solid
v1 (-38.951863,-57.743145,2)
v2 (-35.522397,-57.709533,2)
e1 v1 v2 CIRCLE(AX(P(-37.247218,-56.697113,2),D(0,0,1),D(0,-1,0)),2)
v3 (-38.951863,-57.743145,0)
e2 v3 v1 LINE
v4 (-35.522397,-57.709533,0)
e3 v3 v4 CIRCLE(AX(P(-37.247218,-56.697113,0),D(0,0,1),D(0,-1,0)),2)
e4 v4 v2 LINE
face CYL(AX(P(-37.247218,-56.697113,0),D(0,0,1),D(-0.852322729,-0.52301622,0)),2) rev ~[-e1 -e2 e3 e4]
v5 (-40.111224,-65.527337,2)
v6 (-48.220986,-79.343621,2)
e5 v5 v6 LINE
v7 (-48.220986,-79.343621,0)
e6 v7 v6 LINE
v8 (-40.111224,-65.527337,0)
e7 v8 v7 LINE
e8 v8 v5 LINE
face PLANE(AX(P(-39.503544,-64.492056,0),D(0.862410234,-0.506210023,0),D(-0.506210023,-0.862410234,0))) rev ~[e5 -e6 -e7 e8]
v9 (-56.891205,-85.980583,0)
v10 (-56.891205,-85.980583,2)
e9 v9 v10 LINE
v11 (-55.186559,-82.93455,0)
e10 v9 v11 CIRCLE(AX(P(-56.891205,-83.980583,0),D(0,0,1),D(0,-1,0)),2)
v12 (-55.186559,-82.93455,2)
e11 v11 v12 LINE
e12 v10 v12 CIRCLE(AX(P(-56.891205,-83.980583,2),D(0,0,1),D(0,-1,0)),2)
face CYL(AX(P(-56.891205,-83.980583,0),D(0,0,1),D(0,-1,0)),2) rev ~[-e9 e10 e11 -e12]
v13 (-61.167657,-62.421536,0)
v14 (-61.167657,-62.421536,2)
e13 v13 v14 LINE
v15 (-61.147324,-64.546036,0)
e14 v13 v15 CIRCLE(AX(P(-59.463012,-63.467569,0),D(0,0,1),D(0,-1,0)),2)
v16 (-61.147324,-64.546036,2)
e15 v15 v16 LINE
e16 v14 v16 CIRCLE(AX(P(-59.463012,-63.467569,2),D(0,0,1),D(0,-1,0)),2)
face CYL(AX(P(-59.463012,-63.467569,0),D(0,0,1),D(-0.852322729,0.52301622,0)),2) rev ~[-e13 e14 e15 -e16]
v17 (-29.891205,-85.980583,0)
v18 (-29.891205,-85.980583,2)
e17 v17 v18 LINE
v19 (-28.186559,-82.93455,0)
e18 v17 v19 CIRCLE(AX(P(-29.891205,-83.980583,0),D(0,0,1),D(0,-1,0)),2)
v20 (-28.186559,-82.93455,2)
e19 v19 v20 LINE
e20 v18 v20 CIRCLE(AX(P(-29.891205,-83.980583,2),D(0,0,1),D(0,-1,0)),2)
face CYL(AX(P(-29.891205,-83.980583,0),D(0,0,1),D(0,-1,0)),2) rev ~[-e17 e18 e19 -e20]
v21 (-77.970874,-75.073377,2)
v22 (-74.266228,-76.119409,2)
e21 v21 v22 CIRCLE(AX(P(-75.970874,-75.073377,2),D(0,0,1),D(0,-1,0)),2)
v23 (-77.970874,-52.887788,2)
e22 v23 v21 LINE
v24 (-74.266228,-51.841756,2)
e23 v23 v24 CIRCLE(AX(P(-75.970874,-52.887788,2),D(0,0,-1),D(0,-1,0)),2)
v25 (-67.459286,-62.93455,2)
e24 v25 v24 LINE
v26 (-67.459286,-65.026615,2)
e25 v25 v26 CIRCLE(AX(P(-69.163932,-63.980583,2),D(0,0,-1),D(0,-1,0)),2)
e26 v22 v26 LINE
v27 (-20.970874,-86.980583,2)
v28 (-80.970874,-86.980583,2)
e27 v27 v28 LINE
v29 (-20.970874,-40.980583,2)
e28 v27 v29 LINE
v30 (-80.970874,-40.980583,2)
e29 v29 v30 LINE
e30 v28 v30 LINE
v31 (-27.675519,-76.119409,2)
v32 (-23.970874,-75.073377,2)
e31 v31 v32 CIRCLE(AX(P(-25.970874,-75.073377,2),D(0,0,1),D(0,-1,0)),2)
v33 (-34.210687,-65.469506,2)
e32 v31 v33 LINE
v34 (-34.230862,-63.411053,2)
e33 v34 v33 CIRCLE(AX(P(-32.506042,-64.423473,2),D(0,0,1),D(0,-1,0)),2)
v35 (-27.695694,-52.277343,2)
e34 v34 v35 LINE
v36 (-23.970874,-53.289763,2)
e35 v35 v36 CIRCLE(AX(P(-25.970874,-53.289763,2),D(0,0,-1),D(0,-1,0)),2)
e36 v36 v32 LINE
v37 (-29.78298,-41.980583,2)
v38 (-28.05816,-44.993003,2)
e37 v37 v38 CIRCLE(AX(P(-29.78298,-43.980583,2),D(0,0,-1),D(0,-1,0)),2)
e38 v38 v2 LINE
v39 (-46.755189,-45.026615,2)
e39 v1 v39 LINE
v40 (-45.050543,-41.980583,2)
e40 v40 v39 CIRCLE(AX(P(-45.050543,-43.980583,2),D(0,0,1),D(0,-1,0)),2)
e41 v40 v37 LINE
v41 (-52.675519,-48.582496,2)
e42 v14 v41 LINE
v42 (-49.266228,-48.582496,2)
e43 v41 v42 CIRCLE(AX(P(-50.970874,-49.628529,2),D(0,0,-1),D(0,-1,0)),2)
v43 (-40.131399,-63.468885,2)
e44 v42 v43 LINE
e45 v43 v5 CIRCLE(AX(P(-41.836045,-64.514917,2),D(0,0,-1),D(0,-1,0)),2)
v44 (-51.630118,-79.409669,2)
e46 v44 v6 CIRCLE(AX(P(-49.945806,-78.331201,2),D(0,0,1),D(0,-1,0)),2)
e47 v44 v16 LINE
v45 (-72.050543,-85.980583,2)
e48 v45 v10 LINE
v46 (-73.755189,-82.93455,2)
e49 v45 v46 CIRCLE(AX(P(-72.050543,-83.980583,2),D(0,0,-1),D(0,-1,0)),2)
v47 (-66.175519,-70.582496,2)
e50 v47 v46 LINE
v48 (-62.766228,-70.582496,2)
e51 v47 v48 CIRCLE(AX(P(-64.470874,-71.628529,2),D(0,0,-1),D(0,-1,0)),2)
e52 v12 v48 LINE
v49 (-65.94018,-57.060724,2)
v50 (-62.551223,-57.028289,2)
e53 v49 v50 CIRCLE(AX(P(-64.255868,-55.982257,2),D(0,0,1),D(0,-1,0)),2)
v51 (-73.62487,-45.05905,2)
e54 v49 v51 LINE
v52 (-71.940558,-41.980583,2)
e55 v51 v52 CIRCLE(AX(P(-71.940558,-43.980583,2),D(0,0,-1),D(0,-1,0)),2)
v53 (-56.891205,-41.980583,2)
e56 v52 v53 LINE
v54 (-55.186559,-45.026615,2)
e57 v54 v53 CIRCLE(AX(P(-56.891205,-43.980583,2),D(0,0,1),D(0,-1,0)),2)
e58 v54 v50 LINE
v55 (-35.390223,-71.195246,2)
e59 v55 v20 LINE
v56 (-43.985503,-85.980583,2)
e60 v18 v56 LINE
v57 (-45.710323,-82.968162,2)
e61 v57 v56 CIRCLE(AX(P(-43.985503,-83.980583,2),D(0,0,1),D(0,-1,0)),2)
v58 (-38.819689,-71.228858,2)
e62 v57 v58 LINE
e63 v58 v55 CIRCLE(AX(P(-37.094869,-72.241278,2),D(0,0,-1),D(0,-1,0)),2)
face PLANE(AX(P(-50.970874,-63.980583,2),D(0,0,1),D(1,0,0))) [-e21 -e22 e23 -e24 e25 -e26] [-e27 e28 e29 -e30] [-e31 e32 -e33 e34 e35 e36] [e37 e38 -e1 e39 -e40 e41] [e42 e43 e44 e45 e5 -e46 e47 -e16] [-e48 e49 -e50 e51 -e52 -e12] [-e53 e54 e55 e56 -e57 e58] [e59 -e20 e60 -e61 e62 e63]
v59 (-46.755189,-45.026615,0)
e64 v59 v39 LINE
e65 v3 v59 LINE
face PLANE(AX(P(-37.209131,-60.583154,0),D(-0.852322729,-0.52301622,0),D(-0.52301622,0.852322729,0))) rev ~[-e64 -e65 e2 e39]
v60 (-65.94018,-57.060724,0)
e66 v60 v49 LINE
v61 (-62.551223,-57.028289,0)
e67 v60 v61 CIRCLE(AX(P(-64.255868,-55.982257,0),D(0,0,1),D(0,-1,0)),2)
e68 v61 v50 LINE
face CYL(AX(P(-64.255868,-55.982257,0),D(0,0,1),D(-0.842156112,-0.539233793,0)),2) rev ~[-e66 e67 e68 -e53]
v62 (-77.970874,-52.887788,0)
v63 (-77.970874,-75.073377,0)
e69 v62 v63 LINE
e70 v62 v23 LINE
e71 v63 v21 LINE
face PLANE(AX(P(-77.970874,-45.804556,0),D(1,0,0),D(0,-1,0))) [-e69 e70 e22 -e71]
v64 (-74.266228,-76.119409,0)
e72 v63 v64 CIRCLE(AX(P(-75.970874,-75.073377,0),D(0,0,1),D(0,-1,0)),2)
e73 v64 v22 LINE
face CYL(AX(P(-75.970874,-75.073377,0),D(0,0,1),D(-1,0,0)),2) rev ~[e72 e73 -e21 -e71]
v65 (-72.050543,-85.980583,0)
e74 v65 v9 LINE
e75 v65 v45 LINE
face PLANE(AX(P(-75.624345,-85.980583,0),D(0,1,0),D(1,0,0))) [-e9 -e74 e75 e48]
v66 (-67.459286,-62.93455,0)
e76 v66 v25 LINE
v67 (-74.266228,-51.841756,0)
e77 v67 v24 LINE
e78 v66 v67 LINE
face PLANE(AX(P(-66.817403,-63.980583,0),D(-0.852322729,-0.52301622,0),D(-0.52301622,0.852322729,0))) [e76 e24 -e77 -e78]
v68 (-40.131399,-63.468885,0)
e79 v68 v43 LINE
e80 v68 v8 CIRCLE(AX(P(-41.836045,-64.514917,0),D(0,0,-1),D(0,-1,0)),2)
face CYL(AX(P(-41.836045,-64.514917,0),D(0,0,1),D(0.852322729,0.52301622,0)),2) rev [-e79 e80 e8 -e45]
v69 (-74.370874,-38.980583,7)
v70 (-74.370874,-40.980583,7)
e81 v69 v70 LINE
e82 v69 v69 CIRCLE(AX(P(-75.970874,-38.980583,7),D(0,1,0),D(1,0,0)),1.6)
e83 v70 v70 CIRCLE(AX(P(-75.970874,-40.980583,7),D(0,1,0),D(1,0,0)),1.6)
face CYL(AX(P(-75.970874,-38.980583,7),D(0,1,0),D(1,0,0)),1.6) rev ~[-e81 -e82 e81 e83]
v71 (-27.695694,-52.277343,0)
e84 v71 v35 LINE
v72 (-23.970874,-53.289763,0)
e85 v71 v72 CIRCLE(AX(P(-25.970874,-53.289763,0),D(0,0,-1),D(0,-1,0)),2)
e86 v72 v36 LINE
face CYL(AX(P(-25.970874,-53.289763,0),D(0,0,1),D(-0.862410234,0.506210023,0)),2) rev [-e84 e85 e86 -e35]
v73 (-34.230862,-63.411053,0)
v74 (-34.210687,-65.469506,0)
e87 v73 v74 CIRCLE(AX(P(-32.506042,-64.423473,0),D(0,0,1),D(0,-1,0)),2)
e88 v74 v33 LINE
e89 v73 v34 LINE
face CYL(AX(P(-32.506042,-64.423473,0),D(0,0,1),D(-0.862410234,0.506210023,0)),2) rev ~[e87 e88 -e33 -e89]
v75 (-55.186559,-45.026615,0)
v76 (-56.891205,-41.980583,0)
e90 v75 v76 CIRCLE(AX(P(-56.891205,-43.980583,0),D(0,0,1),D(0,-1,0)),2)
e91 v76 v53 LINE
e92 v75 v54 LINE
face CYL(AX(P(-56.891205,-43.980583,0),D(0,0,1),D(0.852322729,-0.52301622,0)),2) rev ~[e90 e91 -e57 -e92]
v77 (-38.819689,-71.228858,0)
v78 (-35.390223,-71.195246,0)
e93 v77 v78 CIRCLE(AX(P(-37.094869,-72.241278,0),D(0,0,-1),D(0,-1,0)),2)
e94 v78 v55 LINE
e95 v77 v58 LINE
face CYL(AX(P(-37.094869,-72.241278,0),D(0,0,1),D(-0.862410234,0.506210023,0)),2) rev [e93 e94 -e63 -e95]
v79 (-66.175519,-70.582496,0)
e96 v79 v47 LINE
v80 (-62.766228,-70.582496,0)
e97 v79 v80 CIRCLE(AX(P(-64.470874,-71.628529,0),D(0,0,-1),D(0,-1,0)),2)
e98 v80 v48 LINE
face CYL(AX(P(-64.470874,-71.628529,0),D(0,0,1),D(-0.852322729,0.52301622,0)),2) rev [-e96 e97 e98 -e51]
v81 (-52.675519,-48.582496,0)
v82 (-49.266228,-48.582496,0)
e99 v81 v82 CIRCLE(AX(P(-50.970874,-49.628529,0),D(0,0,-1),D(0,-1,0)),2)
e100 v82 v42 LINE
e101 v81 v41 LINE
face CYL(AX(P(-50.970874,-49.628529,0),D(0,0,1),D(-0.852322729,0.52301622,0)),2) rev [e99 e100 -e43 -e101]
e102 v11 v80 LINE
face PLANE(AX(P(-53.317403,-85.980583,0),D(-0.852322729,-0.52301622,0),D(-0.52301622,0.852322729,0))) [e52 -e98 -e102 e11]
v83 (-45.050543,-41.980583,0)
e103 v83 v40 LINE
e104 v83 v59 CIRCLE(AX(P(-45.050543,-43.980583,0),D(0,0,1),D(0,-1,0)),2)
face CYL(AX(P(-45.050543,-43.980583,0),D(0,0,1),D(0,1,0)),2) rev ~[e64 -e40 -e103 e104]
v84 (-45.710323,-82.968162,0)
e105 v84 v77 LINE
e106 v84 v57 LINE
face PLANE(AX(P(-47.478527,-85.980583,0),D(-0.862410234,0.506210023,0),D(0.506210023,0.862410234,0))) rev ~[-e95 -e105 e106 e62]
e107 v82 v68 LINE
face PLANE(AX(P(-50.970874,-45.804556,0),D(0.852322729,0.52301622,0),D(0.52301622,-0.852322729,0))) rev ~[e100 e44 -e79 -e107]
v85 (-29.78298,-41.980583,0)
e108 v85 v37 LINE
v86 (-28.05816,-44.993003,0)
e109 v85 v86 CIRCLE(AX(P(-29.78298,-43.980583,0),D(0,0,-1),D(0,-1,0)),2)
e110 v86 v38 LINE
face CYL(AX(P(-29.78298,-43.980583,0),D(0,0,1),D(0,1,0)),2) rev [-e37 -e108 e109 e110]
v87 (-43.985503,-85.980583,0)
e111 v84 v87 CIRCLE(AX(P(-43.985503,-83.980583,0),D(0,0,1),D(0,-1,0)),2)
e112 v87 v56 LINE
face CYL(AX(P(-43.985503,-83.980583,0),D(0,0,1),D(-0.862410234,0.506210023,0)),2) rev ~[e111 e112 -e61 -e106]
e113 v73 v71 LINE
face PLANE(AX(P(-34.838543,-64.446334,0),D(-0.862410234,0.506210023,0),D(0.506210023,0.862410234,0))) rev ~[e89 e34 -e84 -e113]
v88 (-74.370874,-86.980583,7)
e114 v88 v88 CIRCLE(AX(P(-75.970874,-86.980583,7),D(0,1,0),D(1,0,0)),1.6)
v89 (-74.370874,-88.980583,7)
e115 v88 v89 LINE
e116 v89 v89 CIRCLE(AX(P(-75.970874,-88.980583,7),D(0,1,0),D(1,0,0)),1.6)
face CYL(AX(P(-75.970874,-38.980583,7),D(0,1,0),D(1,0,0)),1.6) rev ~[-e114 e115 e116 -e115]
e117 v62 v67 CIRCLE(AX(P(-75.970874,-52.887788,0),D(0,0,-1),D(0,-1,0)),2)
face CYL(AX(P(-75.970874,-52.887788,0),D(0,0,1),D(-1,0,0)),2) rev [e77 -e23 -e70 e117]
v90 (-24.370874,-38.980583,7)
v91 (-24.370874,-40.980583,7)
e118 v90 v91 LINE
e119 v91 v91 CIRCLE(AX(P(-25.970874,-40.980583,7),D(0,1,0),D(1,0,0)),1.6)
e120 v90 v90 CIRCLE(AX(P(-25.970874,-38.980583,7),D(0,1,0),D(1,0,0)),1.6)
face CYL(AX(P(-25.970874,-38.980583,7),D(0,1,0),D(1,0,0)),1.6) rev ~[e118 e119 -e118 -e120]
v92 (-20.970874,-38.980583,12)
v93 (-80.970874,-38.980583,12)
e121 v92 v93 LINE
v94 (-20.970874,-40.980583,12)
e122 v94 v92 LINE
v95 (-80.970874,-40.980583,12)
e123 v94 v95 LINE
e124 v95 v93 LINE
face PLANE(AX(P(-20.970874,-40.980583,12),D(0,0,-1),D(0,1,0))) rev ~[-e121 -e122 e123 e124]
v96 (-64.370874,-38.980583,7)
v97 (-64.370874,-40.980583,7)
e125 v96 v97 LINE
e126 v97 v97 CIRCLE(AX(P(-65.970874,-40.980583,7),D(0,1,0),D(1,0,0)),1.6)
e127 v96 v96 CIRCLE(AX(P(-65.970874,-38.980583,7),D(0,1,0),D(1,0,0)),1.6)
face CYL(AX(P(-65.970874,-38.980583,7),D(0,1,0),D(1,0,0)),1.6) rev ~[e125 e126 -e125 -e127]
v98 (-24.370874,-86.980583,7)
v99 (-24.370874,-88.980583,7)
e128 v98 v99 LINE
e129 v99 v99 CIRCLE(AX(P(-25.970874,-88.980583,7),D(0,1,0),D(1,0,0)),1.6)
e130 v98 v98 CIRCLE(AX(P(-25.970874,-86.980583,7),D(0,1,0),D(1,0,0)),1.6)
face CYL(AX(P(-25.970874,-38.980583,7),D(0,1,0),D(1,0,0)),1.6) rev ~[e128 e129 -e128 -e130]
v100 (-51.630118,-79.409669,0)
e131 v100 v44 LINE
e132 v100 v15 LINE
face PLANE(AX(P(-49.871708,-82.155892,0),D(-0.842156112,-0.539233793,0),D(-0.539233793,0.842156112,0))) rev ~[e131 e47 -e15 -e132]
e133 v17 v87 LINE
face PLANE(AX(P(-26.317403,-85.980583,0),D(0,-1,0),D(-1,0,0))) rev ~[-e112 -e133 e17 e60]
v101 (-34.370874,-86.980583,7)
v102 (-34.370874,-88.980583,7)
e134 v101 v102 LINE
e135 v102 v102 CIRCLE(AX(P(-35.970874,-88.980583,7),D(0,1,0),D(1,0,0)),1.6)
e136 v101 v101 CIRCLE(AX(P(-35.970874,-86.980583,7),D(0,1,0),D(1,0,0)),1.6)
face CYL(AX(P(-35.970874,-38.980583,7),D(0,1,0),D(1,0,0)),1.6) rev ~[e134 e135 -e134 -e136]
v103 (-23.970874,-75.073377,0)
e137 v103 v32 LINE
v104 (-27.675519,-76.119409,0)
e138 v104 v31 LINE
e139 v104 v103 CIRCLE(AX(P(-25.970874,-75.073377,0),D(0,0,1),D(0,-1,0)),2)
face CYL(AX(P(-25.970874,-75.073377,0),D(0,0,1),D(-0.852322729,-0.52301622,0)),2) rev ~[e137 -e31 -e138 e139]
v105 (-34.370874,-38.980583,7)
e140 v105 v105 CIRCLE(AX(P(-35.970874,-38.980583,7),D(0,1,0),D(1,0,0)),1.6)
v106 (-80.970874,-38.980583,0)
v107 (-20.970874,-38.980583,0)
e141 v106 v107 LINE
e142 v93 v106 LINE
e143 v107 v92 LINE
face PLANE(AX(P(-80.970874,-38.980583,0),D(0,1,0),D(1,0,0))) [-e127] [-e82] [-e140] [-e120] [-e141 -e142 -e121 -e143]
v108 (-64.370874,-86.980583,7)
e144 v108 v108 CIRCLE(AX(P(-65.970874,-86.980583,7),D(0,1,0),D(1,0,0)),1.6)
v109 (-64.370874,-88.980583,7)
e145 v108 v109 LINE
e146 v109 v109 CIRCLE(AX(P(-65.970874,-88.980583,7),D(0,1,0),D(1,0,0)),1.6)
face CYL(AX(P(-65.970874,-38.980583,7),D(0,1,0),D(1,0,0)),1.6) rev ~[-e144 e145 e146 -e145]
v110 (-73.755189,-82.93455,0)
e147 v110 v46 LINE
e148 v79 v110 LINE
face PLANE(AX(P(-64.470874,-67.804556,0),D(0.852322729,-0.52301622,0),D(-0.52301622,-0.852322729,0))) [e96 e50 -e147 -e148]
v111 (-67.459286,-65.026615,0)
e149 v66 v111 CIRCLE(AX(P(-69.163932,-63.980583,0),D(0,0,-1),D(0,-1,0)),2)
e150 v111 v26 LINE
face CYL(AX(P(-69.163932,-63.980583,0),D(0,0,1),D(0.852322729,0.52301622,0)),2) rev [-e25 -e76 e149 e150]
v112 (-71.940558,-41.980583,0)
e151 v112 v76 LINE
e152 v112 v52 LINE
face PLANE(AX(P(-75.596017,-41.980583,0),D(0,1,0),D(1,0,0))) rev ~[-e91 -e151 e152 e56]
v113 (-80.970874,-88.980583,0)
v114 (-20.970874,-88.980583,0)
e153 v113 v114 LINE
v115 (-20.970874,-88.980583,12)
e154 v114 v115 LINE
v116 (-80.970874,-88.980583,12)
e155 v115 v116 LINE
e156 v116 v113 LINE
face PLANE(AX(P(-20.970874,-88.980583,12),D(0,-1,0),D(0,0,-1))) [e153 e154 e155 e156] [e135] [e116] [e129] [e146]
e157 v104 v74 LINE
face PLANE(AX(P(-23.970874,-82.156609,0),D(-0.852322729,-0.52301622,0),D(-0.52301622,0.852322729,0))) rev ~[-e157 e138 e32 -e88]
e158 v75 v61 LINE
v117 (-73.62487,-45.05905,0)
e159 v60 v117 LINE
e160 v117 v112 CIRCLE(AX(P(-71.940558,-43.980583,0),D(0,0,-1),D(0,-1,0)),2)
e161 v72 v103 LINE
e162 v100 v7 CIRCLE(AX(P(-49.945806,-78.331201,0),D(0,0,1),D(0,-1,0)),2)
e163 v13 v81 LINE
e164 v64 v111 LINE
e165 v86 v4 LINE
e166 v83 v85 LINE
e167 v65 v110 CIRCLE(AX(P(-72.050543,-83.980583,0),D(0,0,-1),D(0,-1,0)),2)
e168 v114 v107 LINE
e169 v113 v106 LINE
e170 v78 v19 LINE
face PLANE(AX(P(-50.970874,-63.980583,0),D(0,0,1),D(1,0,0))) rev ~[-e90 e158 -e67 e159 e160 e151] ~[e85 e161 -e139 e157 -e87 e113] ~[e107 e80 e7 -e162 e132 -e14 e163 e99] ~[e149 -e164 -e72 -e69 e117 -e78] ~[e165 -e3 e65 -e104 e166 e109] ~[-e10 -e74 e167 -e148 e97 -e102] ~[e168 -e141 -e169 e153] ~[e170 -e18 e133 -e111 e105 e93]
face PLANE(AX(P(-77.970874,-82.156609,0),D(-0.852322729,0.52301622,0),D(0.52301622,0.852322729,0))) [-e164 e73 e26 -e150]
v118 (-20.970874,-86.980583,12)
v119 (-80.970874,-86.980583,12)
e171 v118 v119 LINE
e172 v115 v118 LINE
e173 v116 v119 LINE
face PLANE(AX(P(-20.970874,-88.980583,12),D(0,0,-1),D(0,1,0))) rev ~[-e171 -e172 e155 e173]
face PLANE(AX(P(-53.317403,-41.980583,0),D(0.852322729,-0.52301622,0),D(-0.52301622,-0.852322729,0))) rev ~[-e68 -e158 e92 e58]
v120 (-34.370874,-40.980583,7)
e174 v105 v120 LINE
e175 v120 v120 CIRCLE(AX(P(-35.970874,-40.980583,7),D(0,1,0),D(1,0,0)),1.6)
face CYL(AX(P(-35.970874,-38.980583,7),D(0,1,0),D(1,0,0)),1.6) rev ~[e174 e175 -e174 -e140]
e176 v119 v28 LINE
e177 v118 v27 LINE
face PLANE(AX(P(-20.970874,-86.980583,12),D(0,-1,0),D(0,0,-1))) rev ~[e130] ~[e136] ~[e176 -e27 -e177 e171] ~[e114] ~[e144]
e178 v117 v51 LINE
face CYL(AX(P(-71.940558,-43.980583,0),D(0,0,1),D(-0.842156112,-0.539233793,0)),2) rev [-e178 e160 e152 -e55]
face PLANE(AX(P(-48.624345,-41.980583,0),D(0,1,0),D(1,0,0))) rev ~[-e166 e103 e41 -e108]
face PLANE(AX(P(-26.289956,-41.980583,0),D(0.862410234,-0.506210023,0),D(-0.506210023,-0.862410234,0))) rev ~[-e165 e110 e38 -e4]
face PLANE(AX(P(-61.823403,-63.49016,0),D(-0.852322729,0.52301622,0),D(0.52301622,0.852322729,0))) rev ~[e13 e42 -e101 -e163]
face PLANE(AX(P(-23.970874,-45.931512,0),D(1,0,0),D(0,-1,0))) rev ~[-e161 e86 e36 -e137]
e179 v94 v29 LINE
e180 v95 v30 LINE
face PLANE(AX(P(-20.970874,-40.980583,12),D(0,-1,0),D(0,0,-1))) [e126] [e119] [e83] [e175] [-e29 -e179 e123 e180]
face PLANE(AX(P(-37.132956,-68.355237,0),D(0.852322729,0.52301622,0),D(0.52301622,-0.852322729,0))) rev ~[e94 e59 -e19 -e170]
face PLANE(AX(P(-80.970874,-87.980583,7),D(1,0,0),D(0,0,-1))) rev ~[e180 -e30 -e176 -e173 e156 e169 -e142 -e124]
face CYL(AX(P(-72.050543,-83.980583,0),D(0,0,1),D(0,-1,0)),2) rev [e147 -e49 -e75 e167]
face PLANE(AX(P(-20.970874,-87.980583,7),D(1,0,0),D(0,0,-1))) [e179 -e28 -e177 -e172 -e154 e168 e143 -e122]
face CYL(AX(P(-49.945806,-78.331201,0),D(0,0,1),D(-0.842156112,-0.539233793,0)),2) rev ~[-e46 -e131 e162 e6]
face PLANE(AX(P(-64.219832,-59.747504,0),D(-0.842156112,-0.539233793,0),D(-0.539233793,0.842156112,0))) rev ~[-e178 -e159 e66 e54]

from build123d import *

# Parameters (mm, degrees)
SKETCH_1_W          = 60
SKETCH_1_H          = 50
EXTRUDE_1_DEPTH     = 2
SKETCH_2_W          = 10
SKETCH_2_H          = 2
EXTRUDE_2_DEPTH     = 60
SKETCH_3_R          = 1.6
CUT_EXTRUDE_1_DEPTH = 51
FILLET_1_R          = 2


with BuildPart() as part:
    # 草图1 → 凸台-拉伸1 (new body)
    with BuildSketch(Plane.XY):
        with Locations((-50.970873786, -63.980582524)):
            Rectangle(SKETCH_1_W, SKETCH_1_H)
        Polygon((-77.970873786, -45.804555709), (-77.970873786, -82.156609339), (-66.817402786, -63.980582524), align=None, mode=Mode.SUBTRACT)
        Polygon((-75.624344787, -85.980582524), (-53.317402786, -85.980582524), (-64.470873786, -67.804555709), align=None, mode=Mode.SUBTRACT)
        Polygon((-23.970873786, -45.9315118), (-23.970873786, -82.156609339), (-34.838542531, -64.446334348), align=None, mode=Mode.SUBTRACT)
        Polygon((-75.596017187, -41.980582524), (-53.317402786, -41.980582524), (-64.219831603, -59.747503559), align=None, mode=Mode.SUBTRACT)
        Polygon((-50.970873786, -45.804555709), (-39.503543881, -64.492056295), (-49.871707725, -82.155891862), (-61.82340345, -63.490159606), align=None, mode=Mode.SUBTRACT)
        Polygon((-26.289955727, -41.980582524), (-37.209130522, -60.583153918), (-48.624344787, -41.980582524), align=None, mode=Mode.SUBTRACT)
        Polygon((-37.13295589, -68.355236725), (-26.317402786, -85.980582524), (-47.478527346, -85.980582524), align=None, mode=Mode.SUBTRACT)
    extrude(amount=EXTRUDE_1_DEPTH)

    # 草图2 → 凸台-拉伸2 (add)
    with BuildSketch(Plane(origin=(-20.970873786, 0, 0), x_dir=(0, 0, -1), z_dir=(1, 0, 0))):
        with Locations((-7, -87.980582524)):
            Rectangle(SKETCH_2_W, SKETCH_2_H)
        with Locations((-7, -39.980582524)):
            Rectangle(SKETCH_2_W, SKETCH_2_H)
    extrude(amount=-EXTRUDE_2_DEPTH)

    # 草图3 → 切除-拉伸1 (cut, through all)
    with BuildSketch(Plane(origin=(0, -38.980582524, 0), x_dir=(1, 0, 0), z_dir=(0, 1, 0))):
        with Locations((-75.970873786, -7)):
            Circle(SKETCH_3_R)
        with Locations((-65.970873786, -7)):
            Circle(SKETCH_3_R)
        with Locations((-35.970873786, -7)):
            Circle(SKETCH_3_R)
        with Locations((-25.970873786, -7)):
            Circle(SKETCH_3_R)
    extrude(amount=-CUT_EXTRUDE_1_DEPTH, mode=Mode.SUBTRACT)

    # 圆角1
    fillet_1_edges = [part.edges().sort_by_distance(p)[0] for p in [
        (-50.970873786, -45.804555709, 1),
        (-61.82340345, -63.490159606, 1),
        (-49.871707725, -82.155891862, 1),
        (-39.503543881, -64.492056295, 1),
        (-66.817402786, -63.980582524, 1),
        (-77.970873786, -45.804555709, 1),
        (-77.970873786, -82.156609339, 1),
        (-75.596017187, -41.980582524, 1),
        (-64.219831603, -59.747503559, 1),
        (-53.317402786, -41.980582524, 1),
        (-26.289955727, -41.980582524, 1),
        (-48.624344787, -41.980582524, 1),
        (-37.209130522, -60.583153918, 1),
        (-23.970873786, -45.9315118, 1),
        (-34.838542531, -64.446334348, 1),
        (-23.970873786, -82.156609339, 1),
        (-64.470873786, -67.804555709, 1),
        (-75.624344787, -85.980582524, 1),
        (-53.317402786, -85.980582524, 1),
        (-47.478527346, -85.980582524, 1),
        (-26.317402786, -85.980582524, 1),
        (-37.13295589, -68.355236725, 1),
    ]]
    fillet(fillet_1_edges, radius=FILLET_1_R)


solid = part.part
